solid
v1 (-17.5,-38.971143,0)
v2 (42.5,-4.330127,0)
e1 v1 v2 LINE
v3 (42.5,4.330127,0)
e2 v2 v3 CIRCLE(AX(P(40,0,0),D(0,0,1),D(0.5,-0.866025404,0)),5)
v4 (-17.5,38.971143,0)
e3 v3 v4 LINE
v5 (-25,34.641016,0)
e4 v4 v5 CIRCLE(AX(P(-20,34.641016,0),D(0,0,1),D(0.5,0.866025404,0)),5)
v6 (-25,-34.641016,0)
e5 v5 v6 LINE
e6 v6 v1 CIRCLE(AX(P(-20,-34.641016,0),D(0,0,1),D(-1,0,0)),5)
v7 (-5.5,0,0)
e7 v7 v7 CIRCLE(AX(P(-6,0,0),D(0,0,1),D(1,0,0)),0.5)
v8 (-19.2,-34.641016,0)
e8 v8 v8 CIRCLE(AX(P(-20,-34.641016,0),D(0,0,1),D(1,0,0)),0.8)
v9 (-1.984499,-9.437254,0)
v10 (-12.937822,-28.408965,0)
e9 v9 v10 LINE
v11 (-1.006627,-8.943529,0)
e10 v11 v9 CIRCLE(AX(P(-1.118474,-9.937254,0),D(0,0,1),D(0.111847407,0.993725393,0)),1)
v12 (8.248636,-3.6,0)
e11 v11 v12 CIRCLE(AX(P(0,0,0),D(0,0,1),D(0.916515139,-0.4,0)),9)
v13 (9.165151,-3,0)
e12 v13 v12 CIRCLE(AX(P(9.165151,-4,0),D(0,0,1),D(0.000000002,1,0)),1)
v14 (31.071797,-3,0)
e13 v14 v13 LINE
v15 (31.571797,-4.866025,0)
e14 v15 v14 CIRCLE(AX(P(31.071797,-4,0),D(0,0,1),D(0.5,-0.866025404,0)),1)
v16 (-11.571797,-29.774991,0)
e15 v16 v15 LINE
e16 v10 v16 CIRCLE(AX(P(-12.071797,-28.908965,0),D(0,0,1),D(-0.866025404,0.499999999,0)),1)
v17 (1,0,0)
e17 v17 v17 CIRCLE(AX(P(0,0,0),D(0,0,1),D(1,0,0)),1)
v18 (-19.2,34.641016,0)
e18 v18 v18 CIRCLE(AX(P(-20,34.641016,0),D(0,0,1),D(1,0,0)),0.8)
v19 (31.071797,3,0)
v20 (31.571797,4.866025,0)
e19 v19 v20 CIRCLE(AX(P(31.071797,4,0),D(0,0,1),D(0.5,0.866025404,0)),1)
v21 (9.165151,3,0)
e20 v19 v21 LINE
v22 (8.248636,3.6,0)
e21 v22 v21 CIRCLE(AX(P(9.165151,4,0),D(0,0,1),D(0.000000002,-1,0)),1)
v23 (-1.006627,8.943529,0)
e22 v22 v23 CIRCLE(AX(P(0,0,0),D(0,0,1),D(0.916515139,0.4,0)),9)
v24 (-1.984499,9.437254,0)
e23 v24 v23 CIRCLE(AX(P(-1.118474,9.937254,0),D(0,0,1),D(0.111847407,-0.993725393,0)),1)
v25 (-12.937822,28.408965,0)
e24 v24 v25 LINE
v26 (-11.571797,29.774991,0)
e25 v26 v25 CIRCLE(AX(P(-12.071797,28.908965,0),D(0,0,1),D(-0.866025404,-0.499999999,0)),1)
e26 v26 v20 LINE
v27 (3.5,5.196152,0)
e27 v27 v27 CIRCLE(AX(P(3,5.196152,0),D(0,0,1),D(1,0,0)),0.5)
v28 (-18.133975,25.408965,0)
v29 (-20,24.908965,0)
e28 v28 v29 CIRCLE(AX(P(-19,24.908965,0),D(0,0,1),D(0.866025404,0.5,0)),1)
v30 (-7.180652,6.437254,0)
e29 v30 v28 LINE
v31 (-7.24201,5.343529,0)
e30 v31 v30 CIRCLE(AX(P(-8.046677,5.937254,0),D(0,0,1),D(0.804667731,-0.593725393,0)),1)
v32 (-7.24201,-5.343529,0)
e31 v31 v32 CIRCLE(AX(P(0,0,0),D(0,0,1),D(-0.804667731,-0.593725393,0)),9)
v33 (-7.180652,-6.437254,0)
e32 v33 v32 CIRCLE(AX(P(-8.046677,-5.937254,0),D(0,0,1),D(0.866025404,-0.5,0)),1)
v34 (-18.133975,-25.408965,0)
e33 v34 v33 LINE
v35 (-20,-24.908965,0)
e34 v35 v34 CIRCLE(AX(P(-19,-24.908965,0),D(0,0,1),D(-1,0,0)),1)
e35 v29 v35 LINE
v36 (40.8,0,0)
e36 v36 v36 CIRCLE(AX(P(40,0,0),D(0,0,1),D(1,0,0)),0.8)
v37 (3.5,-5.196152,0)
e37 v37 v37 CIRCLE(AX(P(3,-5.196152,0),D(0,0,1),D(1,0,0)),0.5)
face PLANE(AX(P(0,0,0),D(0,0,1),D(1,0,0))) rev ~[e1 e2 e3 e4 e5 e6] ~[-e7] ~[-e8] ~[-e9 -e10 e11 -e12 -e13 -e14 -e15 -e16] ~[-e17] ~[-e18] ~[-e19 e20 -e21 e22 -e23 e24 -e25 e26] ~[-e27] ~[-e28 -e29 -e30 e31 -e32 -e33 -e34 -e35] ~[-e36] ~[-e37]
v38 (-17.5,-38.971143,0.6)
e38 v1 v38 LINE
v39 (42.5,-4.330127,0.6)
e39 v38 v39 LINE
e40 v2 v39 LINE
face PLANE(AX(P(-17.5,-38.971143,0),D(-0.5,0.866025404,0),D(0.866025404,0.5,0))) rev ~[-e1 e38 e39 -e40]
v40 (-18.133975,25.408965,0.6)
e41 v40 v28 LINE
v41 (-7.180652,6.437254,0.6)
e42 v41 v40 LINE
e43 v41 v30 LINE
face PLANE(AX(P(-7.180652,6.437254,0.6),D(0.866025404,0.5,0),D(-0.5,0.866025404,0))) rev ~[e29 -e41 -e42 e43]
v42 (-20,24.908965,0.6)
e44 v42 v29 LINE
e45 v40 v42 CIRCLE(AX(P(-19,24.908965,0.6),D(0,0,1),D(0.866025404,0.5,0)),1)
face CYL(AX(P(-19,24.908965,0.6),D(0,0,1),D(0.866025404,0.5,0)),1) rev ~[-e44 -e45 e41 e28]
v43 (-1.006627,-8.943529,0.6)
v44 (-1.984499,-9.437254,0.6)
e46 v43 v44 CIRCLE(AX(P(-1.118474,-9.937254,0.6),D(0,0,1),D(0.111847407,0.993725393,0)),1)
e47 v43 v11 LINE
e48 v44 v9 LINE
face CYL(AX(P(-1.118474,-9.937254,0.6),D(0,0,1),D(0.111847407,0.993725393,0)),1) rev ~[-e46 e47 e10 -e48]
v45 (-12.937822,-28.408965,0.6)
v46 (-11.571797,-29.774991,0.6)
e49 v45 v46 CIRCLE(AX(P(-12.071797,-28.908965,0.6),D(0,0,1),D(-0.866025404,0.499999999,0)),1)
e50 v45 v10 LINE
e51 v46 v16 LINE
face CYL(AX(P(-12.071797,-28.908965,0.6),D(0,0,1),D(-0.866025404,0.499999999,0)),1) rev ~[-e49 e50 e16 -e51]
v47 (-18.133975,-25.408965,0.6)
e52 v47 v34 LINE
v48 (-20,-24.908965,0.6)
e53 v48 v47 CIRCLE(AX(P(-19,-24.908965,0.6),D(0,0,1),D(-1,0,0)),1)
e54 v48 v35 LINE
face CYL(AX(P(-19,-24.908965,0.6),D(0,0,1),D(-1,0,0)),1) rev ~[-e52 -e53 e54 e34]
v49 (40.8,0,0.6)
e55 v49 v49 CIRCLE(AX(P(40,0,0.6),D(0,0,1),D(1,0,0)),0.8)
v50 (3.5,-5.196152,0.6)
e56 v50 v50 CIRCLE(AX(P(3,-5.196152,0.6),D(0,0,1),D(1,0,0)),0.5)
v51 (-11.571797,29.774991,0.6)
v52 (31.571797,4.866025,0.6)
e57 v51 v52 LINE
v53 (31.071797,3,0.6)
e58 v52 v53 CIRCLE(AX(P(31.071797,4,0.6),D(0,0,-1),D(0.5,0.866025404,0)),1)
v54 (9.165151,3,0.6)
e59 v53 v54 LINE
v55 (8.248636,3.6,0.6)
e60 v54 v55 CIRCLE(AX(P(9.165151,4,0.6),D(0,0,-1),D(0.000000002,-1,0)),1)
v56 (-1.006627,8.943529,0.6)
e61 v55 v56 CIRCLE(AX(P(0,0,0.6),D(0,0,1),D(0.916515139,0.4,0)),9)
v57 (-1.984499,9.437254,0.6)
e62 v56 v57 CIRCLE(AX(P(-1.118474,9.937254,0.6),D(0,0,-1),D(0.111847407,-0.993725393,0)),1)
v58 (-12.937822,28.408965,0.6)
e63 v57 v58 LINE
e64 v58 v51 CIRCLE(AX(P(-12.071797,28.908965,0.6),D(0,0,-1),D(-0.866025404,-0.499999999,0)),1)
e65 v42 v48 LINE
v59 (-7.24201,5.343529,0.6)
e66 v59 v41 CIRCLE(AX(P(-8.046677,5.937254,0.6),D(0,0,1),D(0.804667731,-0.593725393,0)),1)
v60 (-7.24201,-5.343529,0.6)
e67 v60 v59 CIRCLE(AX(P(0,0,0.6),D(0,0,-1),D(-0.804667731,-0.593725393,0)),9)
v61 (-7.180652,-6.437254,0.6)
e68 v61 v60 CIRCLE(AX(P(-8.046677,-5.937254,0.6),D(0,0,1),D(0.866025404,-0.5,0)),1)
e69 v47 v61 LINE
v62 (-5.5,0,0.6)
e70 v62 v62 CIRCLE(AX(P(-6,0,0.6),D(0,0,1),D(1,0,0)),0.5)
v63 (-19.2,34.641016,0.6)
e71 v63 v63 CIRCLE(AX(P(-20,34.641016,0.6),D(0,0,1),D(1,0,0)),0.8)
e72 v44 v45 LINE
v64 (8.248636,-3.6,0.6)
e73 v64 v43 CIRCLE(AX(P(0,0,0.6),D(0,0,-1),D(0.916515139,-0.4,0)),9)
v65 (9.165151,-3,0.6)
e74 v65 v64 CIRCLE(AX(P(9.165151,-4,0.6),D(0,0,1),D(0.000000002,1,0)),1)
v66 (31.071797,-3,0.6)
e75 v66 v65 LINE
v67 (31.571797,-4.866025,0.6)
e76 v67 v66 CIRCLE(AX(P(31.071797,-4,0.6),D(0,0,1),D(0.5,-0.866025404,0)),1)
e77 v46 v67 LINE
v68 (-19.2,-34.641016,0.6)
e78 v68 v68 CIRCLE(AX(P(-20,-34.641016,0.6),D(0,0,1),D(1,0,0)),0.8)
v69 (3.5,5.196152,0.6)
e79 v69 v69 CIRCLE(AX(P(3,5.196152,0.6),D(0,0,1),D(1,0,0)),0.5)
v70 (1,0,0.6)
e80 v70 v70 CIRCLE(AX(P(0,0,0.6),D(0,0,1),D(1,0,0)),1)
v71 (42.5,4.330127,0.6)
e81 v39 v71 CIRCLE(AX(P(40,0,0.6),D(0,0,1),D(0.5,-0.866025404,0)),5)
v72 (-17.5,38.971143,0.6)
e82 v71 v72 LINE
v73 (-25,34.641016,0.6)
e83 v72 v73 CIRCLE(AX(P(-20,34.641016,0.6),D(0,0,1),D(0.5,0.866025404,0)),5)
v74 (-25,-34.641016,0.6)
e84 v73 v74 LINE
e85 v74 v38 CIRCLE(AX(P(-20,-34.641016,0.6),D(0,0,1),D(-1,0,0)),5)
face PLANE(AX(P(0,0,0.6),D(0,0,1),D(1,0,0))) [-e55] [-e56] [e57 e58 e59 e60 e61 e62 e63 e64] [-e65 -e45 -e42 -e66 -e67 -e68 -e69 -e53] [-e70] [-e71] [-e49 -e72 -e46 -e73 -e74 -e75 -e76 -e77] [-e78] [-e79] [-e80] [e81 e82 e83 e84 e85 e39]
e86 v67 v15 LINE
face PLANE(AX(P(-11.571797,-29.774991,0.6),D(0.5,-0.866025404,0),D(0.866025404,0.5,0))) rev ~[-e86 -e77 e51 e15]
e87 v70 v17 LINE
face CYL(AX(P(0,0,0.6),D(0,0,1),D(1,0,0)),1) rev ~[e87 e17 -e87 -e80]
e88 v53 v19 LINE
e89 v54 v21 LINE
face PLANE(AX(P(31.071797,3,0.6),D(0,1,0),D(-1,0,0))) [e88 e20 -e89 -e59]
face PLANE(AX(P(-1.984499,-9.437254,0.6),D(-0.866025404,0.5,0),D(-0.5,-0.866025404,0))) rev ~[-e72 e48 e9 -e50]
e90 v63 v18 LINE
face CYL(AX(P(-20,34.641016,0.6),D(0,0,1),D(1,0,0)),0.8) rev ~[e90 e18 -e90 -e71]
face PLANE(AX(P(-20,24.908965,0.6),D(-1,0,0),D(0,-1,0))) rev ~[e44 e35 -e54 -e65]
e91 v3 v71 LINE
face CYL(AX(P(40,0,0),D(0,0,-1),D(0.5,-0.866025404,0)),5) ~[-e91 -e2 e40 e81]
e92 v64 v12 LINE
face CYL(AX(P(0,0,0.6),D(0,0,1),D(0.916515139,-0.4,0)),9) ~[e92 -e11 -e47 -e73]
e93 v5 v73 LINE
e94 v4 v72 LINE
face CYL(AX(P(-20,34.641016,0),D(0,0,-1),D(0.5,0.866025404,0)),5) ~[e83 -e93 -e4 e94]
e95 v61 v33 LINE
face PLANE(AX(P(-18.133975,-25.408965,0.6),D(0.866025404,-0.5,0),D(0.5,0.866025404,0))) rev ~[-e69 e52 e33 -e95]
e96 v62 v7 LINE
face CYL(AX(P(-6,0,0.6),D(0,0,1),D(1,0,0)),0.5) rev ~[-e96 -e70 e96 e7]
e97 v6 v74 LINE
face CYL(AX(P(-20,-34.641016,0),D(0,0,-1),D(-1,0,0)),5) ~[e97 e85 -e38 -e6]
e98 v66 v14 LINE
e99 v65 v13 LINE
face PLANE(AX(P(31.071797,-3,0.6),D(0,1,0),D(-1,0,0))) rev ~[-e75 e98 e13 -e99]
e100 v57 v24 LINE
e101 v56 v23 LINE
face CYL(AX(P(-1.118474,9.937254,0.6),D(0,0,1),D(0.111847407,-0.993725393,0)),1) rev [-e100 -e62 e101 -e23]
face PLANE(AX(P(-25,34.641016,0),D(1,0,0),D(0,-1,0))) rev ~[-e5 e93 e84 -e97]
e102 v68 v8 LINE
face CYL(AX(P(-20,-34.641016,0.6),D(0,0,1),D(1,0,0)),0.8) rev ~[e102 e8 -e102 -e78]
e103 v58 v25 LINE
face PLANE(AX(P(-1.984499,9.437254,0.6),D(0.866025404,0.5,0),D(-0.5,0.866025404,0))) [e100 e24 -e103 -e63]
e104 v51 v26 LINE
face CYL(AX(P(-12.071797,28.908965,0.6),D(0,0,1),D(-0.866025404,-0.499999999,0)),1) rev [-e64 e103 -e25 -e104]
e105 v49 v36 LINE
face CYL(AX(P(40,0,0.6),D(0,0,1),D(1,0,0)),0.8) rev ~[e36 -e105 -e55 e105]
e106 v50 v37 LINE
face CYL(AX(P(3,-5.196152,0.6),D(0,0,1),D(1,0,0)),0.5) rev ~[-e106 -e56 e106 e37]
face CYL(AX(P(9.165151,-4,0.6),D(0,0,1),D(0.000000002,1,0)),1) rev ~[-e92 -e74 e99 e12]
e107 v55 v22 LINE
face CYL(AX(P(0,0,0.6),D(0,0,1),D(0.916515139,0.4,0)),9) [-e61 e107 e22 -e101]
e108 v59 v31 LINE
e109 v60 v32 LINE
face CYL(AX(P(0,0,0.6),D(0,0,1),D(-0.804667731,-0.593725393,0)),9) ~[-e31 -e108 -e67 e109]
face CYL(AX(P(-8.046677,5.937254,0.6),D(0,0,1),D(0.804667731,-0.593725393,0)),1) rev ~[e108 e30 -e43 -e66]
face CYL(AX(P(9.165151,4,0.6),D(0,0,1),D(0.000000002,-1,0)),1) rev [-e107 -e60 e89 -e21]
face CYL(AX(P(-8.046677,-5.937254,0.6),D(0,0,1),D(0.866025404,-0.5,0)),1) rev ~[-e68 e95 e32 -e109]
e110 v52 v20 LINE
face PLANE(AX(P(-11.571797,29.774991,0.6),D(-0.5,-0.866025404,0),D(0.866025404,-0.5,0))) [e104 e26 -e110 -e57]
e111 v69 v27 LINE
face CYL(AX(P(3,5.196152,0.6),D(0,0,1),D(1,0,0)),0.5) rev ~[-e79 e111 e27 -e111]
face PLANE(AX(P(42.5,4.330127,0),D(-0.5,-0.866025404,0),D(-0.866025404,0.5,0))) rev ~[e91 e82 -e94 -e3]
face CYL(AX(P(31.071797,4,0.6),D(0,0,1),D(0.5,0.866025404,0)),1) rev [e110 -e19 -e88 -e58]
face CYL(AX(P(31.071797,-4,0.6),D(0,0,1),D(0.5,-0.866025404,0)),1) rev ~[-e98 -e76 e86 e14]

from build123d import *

# Parameters (mm, degrees)
BOARD_DEPTH  = 0.6
CUT_DEPTH    = 60.97307864
HOLESSKE_R   = 0.5
HOLESSKE_R_2 = 1
HOLES_DEPTH  = 60.97307864
HOLES2SKE_R  = 0.8
HOLES2_DEPTH = 60.97307864


with BuildPart() as part:
    # BoardSke → Board (new body)
    with BuildSketch(Plane.XY):
        with BuildLine():
            Line((42.5, 4.330127019), (-17.5, 38.97114317))
            ThreePointArc((-17.5, 38.97114317), (-22.5, 38.97114317), (-25, 34.641016151))
            Line((-25, 34.641016151), (-25, -34.641016151))
            ThreePointArc((-25, -34.641016151), (-22.5, -38.97114317), (-17.5, -38.97114317))
            Line((-17.5, -38.97114317), (42.5, -4.330127019))
            ThreePointArc((42.5, -4.330127019), (45, 0), (42.5, 4.330127019))
        make_face()
    extrude(amount=BOARD_DEPTH)

    # CutSke → Cut (cut, through all)
    with BuildSketch(Plane.XY.offset(0.6)):
        with BuildLine():
            Line((31.07179677, 3), (9.16515139, 3))
            ThreePointArc((9.16515139, 3), (8.617428832, 3.163339973), (8.248636251, 3.6))
            ThreePointArc((8.248636251, 3.6), (4.5, 7.794228634), (-1.006626672, 8.94352854))
            ThreePointArc((-1.006626672, 8.94352854), (-1.569181638, 9.044582271), (-1.984499484, 9.437253933))
            Line((-1.984499484, 9.437253933), (-12.937822174, 28.408965344))
            ThreePointArc((-12.937822174, 28.408965344), (-12.778903551, 29.616072125), (-11.57179677, 29.774990748))
            Line((-11.57179677, 29.774990748), (31.57179677, 4.866025404))
            ThreePointArc((31.57179677, 4.866025404), (32.037722596, 3.741180955), (31.07179677, 3))
        make_face()
        with BuildLine():
            Line((31.07179677, -3), (9.16515139, -3))
            ThreePointArc((9.16515139, -3), (8.617428832, -3.163339973), (8.248636251, -3.6))
            ThreePointArc((8.248636251, -3.6), (4.5, -7.794228634), (-1.006626672, -8.94352854))
            ThreePointArc((-1.006626672, -8.94352854), (-1.569181638, -9.044582271), (-1.984499484, -9.437253933))
            Line((-1.984499484, -9.437253933), (-12.937822174, -28.408965344))
            ThreePointArc((-12.937822174, -28.408965344), (-12.778903551, -29.616072125), (-11.57179677, -29.774990748))
            Line((-11.57179677, -29.774990748), (31.57179677, -4.866025404))
            ThreePointArc((31.57179677, -4.866025404), (32.037722596, -3.741180955), (31.07179677, -3))
        make_face()
        with BuildLine():
            Line((-18.133974596, -25.408965344), (-7.180651906, -6.437253933))
            ThreePointArc((-7.180651906, -6.437253933), (-7.048247194, -5.881242297), (-7.242009579, -5.34352854))
            ThreePointArc((-7.242009579, -5.34352854), (-9, 0), (-7.242009579, 5.34352854))
            ThreePointArc((-7.242009579, 5.34352854), (-7.048247194, 5.881242297), (-7.180651906, 6.437253933))
            Line((-7.180651906, 6.437253933), (-18.133974596, 25.408965344))
            ThreePointArc((-18.133974596, 25.408965344), (-19.258819045, 25.87489117), (-20, 24.908965344))
            Line((-20, 24.908965344), (-20, -24.908965344))
            ThreePointArc((-20, -24.908965344), (-19.258819045, -25.87489117), (-18.133974596, -25.408965344))
        make_face()
    extrude(amount=-CUT_DEPTH, mode=Mode.SUBTRACT)

    # HolesSke → Holes (cut, through all)
    with BuildSketch(Plane.XY.offset(0.6)):
        with Locations((-6, 0)):
            Circle(HOLESSKE_R)
        with Locations((3, 5.196152423)):
            Circle(HOLESSKE_R)
        with Locations((3, -5.196152423)):
            Circle(HOLESSKE_R)
        Circle(HOLESSKE_R_2)
    extrude(amount=-HOLES_DEPTH, mode=Mode.SUBTRACT)

    # Holes2Ske → Holes2 (cut, through all)
    with BuildSketch(Plane.XY.offset(0.6)):
        with Locations((40, 0)):
            Circle(HOLES2SKE_R)
        with Locations((-20, -34.641016151)):
            Circle(HOLES2SKE_R)
        with Locations((-20, 34.641016151)):
            Circle(HOLES2SKE_R)
    extrude(amount=-HOLES2_DEPTH, mode=Mode.SUBTRACT)


solid = part.part
